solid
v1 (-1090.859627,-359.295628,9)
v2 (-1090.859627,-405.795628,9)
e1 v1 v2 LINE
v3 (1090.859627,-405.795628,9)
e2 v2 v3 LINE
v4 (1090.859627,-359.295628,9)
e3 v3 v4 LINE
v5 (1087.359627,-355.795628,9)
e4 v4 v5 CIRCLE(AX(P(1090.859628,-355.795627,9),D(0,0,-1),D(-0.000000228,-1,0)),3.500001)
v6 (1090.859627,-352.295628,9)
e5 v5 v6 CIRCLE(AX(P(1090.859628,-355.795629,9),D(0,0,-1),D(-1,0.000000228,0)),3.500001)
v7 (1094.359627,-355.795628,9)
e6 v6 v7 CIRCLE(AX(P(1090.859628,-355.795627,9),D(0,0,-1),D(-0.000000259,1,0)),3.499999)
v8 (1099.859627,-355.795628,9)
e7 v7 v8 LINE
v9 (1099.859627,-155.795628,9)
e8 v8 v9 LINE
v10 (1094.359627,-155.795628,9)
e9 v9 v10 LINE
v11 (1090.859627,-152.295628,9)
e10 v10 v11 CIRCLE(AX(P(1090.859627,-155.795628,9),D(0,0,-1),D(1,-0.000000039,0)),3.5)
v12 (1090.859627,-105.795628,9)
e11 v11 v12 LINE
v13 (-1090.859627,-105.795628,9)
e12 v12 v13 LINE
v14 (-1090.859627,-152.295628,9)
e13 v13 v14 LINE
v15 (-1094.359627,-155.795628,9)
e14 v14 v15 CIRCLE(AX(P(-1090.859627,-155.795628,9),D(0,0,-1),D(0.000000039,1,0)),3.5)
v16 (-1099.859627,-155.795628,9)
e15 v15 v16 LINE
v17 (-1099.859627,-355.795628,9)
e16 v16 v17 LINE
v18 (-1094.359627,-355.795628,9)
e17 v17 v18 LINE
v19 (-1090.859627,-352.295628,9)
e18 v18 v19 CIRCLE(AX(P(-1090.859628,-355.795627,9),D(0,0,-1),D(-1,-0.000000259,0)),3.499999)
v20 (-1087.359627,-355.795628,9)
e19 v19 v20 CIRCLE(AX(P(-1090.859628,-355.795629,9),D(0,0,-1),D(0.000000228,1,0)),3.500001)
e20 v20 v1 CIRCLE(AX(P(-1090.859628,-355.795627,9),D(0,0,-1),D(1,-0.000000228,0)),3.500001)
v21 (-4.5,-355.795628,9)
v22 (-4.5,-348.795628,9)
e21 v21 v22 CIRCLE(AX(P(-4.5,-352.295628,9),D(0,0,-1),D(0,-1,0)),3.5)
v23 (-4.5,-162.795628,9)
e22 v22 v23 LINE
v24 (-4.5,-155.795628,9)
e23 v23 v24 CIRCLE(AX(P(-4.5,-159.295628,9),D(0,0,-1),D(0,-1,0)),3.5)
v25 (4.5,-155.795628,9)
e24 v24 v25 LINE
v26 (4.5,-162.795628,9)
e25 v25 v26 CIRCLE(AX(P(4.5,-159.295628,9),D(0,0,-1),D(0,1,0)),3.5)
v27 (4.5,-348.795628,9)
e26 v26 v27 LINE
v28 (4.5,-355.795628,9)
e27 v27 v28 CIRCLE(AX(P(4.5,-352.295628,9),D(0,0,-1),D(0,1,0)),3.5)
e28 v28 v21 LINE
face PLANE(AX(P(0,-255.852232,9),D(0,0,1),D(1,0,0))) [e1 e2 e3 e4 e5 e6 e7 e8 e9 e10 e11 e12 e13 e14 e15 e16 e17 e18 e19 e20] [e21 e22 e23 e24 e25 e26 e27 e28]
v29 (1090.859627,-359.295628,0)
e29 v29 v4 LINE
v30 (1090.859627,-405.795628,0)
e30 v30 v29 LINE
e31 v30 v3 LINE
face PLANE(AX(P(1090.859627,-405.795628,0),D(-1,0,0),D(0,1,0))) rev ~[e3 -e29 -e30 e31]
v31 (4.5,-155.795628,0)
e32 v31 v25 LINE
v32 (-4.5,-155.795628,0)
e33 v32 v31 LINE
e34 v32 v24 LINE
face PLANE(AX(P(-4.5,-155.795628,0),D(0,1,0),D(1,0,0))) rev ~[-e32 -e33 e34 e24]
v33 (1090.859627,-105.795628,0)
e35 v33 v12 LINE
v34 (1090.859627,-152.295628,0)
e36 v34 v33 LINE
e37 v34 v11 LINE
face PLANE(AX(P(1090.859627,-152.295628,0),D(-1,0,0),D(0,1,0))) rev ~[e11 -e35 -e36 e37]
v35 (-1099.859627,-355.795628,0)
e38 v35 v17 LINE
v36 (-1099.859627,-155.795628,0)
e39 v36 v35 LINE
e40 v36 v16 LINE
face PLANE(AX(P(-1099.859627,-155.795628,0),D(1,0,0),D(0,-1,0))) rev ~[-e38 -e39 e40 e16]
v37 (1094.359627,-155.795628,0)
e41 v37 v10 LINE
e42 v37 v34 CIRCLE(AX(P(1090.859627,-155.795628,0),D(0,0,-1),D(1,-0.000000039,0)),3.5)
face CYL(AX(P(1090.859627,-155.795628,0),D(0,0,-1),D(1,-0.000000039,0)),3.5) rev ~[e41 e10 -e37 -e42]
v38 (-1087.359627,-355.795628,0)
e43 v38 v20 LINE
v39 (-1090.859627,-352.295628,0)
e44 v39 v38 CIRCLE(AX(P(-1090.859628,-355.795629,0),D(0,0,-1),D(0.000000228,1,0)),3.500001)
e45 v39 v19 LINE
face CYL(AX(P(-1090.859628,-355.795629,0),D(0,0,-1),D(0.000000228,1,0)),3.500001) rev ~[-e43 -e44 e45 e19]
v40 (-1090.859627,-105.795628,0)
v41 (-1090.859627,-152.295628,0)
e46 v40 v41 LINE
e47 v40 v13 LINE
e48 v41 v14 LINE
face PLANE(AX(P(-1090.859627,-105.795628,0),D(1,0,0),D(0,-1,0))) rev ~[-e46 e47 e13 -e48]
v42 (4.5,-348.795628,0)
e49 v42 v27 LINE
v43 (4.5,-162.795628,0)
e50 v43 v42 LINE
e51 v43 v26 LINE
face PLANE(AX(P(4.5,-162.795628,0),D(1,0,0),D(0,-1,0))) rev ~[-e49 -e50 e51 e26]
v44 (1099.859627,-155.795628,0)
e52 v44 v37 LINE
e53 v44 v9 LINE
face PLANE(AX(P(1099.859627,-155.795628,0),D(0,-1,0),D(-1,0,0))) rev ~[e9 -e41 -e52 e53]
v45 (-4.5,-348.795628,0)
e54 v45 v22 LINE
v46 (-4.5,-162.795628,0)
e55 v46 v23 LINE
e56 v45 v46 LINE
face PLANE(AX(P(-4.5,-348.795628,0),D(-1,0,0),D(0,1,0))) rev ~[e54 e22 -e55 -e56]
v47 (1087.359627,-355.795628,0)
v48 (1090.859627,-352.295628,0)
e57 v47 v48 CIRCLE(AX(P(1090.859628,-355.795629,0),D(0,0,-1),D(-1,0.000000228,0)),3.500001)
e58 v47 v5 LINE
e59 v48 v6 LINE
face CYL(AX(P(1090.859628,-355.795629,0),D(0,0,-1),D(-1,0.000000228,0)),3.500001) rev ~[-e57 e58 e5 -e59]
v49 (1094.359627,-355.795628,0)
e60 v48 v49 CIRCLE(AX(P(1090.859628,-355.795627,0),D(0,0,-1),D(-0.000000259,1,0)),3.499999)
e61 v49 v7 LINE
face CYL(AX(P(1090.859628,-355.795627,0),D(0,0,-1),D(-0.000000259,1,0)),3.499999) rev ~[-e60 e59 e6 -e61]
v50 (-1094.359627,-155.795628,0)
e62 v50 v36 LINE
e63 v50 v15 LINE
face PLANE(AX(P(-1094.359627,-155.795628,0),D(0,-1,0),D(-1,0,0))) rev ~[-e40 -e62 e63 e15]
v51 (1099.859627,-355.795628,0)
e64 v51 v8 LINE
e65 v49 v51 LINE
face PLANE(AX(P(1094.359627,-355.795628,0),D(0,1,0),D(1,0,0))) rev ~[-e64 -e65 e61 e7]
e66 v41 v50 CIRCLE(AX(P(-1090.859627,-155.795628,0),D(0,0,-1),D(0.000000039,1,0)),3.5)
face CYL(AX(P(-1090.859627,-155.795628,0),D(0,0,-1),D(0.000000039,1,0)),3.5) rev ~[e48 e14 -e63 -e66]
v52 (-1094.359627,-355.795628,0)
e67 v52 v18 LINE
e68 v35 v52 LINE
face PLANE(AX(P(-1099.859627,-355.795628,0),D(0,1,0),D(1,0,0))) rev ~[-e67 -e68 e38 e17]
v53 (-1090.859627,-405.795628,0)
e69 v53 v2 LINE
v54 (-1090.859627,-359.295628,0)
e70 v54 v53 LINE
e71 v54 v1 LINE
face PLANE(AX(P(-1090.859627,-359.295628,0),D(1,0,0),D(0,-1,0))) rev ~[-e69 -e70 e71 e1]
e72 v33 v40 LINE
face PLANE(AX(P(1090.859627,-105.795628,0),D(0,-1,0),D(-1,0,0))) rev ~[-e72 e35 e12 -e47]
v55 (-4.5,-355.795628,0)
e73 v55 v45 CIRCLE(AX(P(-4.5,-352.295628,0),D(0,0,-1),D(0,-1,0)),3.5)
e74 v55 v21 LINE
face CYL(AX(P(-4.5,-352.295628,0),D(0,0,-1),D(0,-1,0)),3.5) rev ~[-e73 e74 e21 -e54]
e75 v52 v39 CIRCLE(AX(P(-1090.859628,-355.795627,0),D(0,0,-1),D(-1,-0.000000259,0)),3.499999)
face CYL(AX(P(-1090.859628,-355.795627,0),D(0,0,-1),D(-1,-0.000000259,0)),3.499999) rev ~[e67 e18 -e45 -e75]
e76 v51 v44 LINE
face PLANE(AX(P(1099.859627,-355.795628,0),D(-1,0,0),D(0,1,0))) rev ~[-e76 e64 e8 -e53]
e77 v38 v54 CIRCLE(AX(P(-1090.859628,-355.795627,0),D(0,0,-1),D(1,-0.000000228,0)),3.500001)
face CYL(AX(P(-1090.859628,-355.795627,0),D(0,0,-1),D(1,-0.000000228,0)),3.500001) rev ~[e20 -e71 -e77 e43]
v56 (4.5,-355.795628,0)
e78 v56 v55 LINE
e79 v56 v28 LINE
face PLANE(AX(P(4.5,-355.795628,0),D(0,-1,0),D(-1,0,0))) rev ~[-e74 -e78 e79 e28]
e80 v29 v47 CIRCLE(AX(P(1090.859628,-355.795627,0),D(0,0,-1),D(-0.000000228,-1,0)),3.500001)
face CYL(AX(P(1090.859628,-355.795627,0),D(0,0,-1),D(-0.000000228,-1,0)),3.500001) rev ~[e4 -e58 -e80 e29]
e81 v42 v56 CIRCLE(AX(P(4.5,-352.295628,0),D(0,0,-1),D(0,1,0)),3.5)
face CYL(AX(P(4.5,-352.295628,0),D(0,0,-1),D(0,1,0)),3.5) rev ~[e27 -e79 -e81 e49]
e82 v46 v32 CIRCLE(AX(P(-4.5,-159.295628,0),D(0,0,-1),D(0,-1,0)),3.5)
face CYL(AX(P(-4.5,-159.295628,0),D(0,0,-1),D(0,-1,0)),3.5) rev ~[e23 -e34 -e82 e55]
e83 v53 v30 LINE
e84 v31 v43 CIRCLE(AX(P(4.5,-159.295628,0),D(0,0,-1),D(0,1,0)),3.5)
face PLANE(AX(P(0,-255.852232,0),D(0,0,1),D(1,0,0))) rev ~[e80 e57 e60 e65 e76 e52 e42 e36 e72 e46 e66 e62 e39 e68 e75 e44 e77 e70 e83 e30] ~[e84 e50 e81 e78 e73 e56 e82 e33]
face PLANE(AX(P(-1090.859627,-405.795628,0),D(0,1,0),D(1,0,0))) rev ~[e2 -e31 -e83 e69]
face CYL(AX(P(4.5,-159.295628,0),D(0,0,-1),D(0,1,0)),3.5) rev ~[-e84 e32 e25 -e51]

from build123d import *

# Parameters (mm, degrees)
F1_DEPTH = 9


with BuildPart() as f1:
    # F0 (on Top) → F1 (new body)
    with BuildSketch(Plane.XY):
        with BuildLine():
            Line((1090.859627, -105.795628), (-1090.859627, -105.795628))
            Line((-1090.859627, -105.795628), (-1090.859627, -152.295628))
            ThreePointArc((-1090.859627, -152.295628), (-1088.384754, -158.270502), (-1094.359627, -155.795628))
            Line((-1094.359627, -155.795628), (-1099.859627, -155.795628))
            Line((-1099.859627, -155.795628), (-1099.859627, -355.795628))
            Line((-1099.859627, -355.795628), (-1094.359627, -355.795628))
            ThreePointArc((-1094.359627, -355.795628), (-1093.334501, -353.320754), (-1090.859627, -352.295628))
            ThreePointArc((-1090.859627, -352.295628), (-1088.384754, -353.320754), (-1087.359627, -355.795628))
            ThreePointArc((-1087.359627, -355.795628), (-1088.384754, -358.270502), (-1090.859627, -359.295628))
            Line((-1090.859627, -359.295628), (-1090.859627, -405.795628))
            Line((-1090.859627, -405.795628), (1090.859627, -405.795628))
            Line((1090.859627, -405.795628), (1090.859627, -359.295628))
            ThreePointArc((1090.859627, -359.295628), (1088.384754, -358.270502), (1087.359627, -355.795628))
            ThreePointArc((1087.359627, -355.795628), (1088.384754, -353.320754), (1090.859627, -352.295628))
            ThreePointArc((1090.859627, -352.295628), (1093.334501, -353.320754), (1094.359627, -355.795628))
            Line((1094.359627, -355.795628), (1099.859627, -355.795628))
            Line((1099.859627, -355.795628), (1099.859627, -155.795628))
            Line((1099.859627, -155.795628), (1094.359627, -155.795628))
            ThreePointArc((1094.359627, -155.795628), (1088.384754, -158.270502), (1090.859627, -152.295628))
            Line((1090.859627, -152.295628), (1090.859627, -105.795628))
        make_face()
        with BuildLine():
            ThreePointArc((4.5, -155.795628), (8, -159.295628), (4.5, -162.795628))
            Line((4.5, -162.795628), (4.5, -255.795628))
            Line((4.5, -255.795628), (4.5, -348.795628))
            ThreePointArc((4.5, -348.795628), (8, -352.295628), (4.5, -355.795628))
            Line((4.5, -355.795628), (0, -355.795628))
            Line((0, -355.795628), (-4.5, -355.795628))
            ThreePointArc((-4.5, -355.795628), (-8, -352.295628), (-4.5, -348.795628))
            Line((-4.5, -348.795628), (-4.5, -255.795628))
            Line((-4.5, -255.795628), (-4.5, -162.795628))
            ThreePointArc((-4.5, -162.795628), (-8, -159.295628), (-4.5, -155.795628))
            Line((-4.5, -155.795628), (0, -155.795628))
            Line((0, -155.795628), (4.5, -155.795628))
        make_face(mode=Mode.SUBTRACT)
    extrude(amount=F1_DEPTH)


solid = f1.part
